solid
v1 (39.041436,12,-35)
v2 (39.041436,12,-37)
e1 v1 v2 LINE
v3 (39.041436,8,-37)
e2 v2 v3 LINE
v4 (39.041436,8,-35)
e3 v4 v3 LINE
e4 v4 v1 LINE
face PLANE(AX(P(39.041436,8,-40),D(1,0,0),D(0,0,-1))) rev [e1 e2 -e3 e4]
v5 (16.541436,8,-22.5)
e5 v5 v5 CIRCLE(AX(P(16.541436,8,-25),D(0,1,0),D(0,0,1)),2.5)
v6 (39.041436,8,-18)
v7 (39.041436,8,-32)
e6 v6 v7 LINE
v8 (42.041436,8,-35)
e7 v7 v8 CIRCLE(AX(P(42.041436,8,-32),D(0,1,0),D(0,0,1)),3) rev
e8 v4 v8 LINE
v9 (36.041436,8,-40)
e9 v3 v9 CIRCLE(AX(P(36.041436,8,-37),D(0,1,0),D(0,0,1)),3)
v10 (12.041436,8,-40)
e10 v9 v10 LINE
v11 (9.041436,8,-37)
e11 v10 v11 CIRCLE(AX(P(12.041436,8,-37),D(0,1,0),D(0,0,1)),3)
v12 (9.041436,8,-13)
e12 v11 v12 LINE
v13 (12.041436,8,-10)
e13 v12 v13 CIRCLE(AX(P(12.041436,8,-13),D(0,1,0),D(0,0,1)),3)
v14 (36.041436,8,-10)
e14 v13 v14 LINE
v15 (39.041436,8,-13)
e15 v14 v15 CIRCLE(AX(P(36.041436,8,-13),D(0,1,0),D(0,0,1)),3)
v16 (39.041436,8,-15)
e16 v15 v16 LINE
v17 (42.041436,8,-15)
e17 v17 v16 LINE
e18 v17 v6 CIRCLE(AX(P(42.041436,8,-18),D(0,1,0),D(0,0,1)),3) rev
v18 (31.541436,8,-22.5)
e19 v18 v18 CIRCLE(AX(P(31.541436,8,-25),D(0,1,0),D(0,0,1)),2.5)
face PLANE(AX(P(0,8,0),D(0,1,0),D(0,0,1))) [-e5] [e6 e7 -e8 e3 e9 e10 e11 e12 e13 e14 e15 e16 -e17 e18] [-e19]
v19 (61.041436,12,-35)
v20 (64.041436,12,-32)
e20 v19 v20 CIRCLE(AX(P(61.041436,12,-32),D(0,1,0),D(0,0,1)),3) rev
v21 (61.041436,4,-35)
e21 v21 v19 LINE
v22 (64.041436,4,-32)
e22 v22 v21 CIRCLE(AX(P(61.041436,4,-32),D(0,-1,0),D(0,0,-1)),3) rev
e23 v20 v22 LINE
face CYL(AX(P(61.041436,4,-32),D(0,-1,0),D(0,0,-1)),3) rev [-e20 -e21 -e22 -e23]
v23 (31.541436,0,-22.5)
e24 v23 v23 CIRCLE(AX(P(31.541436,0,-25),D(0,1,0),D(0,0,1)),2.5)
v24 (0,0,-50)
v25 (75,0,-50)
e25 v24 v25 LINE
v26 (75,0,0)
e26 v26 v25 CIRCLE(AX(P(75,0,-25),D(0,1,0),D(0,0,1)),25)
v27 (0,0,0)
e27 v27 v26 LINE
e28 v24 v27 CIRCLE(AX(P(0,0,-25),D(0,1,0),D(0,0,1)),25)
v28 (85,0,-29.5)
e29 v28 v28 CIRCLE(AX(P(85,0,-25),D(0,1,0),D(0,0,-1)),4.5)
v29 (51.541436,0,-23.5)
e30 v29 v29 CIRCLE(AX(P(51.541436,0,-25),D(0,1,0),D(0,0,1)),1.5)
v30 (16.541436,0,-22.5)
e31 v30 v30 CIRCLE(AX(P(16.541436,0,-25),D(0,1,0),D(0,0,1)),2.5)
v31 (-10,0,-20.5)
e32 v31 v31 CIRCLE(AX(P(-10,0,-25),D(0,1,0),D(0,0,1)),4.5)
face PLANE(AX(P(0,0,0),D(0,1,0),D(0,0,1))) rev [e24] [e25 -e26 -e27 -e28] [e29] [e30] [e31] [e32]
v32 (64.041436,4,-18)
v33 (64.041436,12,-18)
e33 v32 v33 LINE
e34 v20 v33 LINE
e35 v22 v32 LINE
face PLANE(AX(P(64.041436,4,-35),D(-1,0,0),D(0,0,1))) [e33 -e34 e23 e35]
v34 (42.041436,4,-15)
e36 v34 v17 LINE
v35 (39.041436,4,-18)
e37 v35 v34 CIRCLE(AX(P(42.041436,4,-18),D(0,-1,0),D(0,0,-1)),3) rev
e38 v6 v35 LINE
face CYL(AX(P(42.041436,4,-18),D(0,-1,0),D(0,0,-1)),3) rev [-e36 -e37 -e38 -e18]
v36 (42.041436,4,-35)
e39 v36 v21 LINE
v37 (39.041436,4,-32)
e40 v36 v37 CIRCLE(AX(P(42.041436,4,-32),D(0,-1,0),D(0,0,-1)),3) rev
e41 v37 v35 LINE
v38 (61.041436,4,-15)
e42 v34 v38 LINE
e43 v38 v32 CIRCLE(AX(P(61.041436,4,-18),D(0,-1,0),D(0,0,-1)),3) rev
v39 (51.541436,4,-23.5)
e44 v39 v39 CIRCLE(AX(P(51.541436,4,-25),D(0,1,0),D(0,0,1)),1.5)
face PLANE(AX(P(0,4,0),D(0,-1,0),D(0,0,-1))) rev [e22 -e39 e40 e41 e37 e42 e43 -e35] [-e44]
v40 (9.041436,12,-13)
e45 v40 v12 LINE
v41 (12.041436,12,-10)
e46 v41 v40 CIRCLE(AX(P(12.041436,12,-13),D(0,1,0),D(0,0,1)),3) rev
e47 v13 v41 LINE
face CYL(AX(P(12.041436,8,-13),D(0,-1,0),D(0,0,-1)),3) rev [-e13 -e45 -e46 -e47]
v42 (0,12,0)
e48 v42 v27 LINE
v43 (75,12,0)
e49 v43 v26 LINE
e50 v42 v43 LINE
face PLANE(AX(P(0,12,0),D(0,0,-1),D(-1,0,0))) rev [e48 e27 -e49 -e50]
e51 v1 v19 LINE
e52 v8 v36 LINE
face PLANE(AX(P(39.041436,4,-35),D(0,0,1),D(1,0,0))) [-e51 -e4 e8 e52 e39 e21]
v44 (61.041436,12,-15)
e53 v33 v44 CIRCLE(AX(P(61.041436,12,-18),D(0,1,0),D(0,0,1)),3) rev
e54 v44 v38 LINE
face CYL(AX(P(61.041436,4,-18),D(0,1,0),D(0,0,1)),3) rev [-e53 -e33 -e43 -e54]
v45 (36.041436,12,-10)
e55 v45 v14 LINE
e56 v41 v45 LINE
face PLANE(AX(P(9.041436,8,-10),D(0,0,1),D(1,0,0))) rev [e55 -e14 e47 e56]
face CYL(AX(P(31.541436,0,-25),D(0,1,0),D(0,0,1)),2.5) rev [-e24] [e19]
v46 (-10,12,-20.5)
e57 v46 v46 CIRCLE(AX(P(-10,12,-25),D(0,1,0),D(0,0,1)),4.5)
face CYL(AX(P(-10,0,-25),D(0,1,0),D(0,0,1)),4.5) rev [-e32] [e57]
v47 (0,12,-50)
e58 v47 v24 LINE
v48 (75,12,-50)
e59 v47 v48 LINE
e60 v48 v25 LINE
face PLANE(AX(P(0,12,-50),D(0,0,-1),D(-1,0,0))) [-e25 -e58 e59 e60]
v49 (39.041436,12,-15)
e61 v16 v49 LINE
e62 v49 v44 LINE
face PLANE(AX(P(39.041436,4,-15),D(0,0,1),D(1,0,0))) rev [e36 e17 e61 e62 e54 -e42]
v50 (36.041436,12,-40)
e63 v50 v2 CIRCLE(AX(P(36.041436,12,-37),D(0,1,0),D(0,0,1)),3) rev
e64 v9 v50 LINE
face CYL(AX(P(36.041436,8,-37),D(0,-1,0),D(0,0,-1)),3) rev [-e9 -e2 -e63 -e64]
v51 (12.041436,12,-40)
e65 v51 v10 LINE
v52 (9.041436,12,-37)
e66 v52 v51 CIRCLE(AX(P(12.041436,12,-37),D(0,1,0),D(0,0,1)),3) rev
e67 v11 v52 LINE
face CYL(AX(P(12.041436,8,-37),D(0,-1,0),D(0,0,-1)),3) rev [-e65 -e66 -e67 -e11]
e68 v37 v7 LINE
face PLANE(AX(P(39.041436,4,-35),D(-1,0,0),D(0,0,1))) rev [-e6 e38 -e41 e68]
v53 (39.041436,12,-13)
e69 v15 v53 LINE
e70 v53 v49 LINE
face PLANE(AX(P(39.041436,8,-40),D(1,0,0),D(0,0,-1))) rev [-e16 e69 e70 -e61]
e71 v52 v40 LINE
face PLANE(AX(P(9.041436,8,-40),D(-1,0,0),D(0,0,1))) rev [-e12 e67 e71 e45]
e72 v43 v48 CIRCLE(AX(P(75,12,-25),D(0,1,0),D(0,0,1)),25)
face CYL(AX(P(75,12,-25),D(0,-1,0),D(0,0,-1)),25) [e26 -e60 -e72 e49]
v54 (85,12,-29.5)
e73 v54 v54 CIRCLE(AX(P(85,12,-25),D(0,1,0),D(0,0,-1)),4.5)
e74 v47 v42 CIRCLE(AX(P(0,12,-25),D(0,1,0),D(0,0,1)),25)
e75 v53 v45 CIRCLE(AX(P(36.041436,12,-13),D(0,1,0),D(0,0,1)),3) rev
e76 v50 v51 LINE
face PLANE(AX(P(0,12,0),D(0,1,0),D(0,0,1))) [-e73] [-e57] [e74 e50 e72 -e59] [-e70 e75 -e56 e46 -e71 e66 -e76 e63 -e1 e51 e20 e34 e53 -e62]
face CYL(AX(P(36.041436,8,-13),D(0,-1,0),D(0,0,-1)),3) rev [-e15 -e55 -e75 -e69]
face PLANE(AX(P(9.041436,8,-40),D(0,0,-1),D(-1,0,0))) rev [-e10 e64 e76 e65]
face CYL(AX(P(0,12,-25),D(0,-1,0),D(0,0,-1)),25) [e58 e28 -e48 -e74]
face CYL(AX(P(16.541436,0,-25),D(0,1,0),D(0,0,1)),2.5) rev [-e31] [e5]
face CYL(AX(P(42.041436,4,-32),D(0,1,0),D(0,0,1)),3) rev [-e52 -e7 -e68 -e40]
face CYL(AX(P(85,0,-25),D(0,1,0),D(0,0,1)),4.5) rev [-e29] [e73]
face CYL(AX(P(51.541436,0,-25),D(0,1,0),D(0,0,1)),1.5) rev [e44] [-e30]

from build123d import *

# Parameters (mm, degrees)
SKETCH1_W           = 75
SKETCH1_H           = 50
BOSS_EXTRUDE1_DEPTH = 12
SKETCH2_R           = 4.5
CUT_EXTRUDE1_DEPTH  = 113.445542375
SKETCH3_W           = 30
SKETCH3_H           = 30
CUT_EXTRUDE2_DEPTH  = 4
SKETCH4_W           = 25
SKETCH4_H           = 20
CUT_EXTRUDE3_DEPTH  = 8
FILLET1_R           = 3
SKETCH5_R           = 1.5
CUT_EXTRUDE4_DEPTH  = 113.089250154
SKETCH6_R           = 2.5
CUT_EXTRUDE5_DEPTH  = 113.089250154


with BuildPart() as part:
    # Sketch1 → Boss-Extrude1 (new body)
    with BuildSketch(Plane(origin=(0, 0, 0), x_dir=(1, 0, 0), z_dir=(0, 1, 0))):
        with Locations((37.5, 25)):
            Rectangle(SKETCH1_W, SKETCH1_H)
        with BuildLine():
            Line((75, 0), (75, 50))
            ThreePointArc((75, 50), (100, 25), (75, 0))
        make_face()
        with BuildLine():
            Line((0, 0), (0, 50))
            ThreePointArc((0, 50), (-25, 25), (0, 0))
        make_face()
    extrude(amount=BOSS_EXTRUDE1_DEPTH)

    # Sketch2 → Cut-Extrude1 (cut, through all)
    with BuildSketch(Plane(origin=(0, 12, 0), x_dir=(1, 0, 0), z_dir=(0, 1, 0))):
        with Locations(Location((-10, 25, 0), (0, 0, 270))):
            Circle(SKETCH2_R)
        with Locations(Location((85, 25, 0), (0, 0, 90))):
            Circle(SKETCH2_R)
    extrude(amount=-CUT_EXTRUDE1_DEPTH, mode=Mode.SUBTRACT)

    # Sketch3 → Cut-Extrude2 (cut)
    with BuildSketch(Plane(origin=(0, 12, 0), x_dir=(1, 0, 0), z_dir=(0, 1, 0))):
        with Locations((24.041436108, 25)):
            Rectangle(SKETCH3_W, SKETCH3_H)
    extrude(amount=-CUT_EXTRUDE2_DEPTH, mode=Mode.SUBTRACT)

    # Sketch4 → Cut-Extrude3 (cut)
    with BuildSketch(Plane(origin=(0, 12, 0), x_dir=(1, 0, 0), z_dir=(0, 1, 0))):
        with Locations((51.541436108, 25)):
            Rectangle(SKETCH4_W, SKETCH4_H)
    extrude(amount=-CUT_EXTRUDE3_DEPTH, mode=Mode.SUBTRACT)

    # Fillet1
    fillet1_edges = [part.edges().sort_by_distance(p)[0] for p in [
        (9.041436108, 10, -10),
        (9.041436108, 10, -40),
        (39.041436108, 10, -40),
        (39.041436108, 10, -10),
        (64.041436108, 8, -15),
        (39.041436108, 6, -15),
        (39.041436108, 6, -35),
        (64.041436108, 8, -35),
    ]]
    fillet(fillet1_edges, radius=FILLET1_R)

    # Sketch5 → Cut-Extrude4 (cut, through all)
    with BuildSketch(Plane(origin=(0, 4, 0), x_dir=(1, 0, 0), z_dir=(0, 1, 0))):
        with Locations(Location((51.541436108, 25, 0), (0, 0, 270))):
            Circle(SKETCH5_R)
    extrude(amount=-CUT_EXTRUDE4_DEPTH, mode=Mode.SUBTRACT)

    # Sketch6 → Cut-Extrude5 (cut, through all)
    with BuildSketch(Plane(origin=(0, 8, 0), x_dir=(1, 0, 0), z_dir=(0, 1, 0))):
        with Locations(Location((16.541436108, 25, 0), (0, 0, 270))):
            Circle(SKETCH6_R)
        with Locations(Location((31.541436108, 25, 0), (0, 0, 270))):
            Circle(SKETCH6_R)
    extrude(amount=-CUT_EXTRUDE5_DEPTH, mode=Mode.SUBTRACT)


solid = part.part
